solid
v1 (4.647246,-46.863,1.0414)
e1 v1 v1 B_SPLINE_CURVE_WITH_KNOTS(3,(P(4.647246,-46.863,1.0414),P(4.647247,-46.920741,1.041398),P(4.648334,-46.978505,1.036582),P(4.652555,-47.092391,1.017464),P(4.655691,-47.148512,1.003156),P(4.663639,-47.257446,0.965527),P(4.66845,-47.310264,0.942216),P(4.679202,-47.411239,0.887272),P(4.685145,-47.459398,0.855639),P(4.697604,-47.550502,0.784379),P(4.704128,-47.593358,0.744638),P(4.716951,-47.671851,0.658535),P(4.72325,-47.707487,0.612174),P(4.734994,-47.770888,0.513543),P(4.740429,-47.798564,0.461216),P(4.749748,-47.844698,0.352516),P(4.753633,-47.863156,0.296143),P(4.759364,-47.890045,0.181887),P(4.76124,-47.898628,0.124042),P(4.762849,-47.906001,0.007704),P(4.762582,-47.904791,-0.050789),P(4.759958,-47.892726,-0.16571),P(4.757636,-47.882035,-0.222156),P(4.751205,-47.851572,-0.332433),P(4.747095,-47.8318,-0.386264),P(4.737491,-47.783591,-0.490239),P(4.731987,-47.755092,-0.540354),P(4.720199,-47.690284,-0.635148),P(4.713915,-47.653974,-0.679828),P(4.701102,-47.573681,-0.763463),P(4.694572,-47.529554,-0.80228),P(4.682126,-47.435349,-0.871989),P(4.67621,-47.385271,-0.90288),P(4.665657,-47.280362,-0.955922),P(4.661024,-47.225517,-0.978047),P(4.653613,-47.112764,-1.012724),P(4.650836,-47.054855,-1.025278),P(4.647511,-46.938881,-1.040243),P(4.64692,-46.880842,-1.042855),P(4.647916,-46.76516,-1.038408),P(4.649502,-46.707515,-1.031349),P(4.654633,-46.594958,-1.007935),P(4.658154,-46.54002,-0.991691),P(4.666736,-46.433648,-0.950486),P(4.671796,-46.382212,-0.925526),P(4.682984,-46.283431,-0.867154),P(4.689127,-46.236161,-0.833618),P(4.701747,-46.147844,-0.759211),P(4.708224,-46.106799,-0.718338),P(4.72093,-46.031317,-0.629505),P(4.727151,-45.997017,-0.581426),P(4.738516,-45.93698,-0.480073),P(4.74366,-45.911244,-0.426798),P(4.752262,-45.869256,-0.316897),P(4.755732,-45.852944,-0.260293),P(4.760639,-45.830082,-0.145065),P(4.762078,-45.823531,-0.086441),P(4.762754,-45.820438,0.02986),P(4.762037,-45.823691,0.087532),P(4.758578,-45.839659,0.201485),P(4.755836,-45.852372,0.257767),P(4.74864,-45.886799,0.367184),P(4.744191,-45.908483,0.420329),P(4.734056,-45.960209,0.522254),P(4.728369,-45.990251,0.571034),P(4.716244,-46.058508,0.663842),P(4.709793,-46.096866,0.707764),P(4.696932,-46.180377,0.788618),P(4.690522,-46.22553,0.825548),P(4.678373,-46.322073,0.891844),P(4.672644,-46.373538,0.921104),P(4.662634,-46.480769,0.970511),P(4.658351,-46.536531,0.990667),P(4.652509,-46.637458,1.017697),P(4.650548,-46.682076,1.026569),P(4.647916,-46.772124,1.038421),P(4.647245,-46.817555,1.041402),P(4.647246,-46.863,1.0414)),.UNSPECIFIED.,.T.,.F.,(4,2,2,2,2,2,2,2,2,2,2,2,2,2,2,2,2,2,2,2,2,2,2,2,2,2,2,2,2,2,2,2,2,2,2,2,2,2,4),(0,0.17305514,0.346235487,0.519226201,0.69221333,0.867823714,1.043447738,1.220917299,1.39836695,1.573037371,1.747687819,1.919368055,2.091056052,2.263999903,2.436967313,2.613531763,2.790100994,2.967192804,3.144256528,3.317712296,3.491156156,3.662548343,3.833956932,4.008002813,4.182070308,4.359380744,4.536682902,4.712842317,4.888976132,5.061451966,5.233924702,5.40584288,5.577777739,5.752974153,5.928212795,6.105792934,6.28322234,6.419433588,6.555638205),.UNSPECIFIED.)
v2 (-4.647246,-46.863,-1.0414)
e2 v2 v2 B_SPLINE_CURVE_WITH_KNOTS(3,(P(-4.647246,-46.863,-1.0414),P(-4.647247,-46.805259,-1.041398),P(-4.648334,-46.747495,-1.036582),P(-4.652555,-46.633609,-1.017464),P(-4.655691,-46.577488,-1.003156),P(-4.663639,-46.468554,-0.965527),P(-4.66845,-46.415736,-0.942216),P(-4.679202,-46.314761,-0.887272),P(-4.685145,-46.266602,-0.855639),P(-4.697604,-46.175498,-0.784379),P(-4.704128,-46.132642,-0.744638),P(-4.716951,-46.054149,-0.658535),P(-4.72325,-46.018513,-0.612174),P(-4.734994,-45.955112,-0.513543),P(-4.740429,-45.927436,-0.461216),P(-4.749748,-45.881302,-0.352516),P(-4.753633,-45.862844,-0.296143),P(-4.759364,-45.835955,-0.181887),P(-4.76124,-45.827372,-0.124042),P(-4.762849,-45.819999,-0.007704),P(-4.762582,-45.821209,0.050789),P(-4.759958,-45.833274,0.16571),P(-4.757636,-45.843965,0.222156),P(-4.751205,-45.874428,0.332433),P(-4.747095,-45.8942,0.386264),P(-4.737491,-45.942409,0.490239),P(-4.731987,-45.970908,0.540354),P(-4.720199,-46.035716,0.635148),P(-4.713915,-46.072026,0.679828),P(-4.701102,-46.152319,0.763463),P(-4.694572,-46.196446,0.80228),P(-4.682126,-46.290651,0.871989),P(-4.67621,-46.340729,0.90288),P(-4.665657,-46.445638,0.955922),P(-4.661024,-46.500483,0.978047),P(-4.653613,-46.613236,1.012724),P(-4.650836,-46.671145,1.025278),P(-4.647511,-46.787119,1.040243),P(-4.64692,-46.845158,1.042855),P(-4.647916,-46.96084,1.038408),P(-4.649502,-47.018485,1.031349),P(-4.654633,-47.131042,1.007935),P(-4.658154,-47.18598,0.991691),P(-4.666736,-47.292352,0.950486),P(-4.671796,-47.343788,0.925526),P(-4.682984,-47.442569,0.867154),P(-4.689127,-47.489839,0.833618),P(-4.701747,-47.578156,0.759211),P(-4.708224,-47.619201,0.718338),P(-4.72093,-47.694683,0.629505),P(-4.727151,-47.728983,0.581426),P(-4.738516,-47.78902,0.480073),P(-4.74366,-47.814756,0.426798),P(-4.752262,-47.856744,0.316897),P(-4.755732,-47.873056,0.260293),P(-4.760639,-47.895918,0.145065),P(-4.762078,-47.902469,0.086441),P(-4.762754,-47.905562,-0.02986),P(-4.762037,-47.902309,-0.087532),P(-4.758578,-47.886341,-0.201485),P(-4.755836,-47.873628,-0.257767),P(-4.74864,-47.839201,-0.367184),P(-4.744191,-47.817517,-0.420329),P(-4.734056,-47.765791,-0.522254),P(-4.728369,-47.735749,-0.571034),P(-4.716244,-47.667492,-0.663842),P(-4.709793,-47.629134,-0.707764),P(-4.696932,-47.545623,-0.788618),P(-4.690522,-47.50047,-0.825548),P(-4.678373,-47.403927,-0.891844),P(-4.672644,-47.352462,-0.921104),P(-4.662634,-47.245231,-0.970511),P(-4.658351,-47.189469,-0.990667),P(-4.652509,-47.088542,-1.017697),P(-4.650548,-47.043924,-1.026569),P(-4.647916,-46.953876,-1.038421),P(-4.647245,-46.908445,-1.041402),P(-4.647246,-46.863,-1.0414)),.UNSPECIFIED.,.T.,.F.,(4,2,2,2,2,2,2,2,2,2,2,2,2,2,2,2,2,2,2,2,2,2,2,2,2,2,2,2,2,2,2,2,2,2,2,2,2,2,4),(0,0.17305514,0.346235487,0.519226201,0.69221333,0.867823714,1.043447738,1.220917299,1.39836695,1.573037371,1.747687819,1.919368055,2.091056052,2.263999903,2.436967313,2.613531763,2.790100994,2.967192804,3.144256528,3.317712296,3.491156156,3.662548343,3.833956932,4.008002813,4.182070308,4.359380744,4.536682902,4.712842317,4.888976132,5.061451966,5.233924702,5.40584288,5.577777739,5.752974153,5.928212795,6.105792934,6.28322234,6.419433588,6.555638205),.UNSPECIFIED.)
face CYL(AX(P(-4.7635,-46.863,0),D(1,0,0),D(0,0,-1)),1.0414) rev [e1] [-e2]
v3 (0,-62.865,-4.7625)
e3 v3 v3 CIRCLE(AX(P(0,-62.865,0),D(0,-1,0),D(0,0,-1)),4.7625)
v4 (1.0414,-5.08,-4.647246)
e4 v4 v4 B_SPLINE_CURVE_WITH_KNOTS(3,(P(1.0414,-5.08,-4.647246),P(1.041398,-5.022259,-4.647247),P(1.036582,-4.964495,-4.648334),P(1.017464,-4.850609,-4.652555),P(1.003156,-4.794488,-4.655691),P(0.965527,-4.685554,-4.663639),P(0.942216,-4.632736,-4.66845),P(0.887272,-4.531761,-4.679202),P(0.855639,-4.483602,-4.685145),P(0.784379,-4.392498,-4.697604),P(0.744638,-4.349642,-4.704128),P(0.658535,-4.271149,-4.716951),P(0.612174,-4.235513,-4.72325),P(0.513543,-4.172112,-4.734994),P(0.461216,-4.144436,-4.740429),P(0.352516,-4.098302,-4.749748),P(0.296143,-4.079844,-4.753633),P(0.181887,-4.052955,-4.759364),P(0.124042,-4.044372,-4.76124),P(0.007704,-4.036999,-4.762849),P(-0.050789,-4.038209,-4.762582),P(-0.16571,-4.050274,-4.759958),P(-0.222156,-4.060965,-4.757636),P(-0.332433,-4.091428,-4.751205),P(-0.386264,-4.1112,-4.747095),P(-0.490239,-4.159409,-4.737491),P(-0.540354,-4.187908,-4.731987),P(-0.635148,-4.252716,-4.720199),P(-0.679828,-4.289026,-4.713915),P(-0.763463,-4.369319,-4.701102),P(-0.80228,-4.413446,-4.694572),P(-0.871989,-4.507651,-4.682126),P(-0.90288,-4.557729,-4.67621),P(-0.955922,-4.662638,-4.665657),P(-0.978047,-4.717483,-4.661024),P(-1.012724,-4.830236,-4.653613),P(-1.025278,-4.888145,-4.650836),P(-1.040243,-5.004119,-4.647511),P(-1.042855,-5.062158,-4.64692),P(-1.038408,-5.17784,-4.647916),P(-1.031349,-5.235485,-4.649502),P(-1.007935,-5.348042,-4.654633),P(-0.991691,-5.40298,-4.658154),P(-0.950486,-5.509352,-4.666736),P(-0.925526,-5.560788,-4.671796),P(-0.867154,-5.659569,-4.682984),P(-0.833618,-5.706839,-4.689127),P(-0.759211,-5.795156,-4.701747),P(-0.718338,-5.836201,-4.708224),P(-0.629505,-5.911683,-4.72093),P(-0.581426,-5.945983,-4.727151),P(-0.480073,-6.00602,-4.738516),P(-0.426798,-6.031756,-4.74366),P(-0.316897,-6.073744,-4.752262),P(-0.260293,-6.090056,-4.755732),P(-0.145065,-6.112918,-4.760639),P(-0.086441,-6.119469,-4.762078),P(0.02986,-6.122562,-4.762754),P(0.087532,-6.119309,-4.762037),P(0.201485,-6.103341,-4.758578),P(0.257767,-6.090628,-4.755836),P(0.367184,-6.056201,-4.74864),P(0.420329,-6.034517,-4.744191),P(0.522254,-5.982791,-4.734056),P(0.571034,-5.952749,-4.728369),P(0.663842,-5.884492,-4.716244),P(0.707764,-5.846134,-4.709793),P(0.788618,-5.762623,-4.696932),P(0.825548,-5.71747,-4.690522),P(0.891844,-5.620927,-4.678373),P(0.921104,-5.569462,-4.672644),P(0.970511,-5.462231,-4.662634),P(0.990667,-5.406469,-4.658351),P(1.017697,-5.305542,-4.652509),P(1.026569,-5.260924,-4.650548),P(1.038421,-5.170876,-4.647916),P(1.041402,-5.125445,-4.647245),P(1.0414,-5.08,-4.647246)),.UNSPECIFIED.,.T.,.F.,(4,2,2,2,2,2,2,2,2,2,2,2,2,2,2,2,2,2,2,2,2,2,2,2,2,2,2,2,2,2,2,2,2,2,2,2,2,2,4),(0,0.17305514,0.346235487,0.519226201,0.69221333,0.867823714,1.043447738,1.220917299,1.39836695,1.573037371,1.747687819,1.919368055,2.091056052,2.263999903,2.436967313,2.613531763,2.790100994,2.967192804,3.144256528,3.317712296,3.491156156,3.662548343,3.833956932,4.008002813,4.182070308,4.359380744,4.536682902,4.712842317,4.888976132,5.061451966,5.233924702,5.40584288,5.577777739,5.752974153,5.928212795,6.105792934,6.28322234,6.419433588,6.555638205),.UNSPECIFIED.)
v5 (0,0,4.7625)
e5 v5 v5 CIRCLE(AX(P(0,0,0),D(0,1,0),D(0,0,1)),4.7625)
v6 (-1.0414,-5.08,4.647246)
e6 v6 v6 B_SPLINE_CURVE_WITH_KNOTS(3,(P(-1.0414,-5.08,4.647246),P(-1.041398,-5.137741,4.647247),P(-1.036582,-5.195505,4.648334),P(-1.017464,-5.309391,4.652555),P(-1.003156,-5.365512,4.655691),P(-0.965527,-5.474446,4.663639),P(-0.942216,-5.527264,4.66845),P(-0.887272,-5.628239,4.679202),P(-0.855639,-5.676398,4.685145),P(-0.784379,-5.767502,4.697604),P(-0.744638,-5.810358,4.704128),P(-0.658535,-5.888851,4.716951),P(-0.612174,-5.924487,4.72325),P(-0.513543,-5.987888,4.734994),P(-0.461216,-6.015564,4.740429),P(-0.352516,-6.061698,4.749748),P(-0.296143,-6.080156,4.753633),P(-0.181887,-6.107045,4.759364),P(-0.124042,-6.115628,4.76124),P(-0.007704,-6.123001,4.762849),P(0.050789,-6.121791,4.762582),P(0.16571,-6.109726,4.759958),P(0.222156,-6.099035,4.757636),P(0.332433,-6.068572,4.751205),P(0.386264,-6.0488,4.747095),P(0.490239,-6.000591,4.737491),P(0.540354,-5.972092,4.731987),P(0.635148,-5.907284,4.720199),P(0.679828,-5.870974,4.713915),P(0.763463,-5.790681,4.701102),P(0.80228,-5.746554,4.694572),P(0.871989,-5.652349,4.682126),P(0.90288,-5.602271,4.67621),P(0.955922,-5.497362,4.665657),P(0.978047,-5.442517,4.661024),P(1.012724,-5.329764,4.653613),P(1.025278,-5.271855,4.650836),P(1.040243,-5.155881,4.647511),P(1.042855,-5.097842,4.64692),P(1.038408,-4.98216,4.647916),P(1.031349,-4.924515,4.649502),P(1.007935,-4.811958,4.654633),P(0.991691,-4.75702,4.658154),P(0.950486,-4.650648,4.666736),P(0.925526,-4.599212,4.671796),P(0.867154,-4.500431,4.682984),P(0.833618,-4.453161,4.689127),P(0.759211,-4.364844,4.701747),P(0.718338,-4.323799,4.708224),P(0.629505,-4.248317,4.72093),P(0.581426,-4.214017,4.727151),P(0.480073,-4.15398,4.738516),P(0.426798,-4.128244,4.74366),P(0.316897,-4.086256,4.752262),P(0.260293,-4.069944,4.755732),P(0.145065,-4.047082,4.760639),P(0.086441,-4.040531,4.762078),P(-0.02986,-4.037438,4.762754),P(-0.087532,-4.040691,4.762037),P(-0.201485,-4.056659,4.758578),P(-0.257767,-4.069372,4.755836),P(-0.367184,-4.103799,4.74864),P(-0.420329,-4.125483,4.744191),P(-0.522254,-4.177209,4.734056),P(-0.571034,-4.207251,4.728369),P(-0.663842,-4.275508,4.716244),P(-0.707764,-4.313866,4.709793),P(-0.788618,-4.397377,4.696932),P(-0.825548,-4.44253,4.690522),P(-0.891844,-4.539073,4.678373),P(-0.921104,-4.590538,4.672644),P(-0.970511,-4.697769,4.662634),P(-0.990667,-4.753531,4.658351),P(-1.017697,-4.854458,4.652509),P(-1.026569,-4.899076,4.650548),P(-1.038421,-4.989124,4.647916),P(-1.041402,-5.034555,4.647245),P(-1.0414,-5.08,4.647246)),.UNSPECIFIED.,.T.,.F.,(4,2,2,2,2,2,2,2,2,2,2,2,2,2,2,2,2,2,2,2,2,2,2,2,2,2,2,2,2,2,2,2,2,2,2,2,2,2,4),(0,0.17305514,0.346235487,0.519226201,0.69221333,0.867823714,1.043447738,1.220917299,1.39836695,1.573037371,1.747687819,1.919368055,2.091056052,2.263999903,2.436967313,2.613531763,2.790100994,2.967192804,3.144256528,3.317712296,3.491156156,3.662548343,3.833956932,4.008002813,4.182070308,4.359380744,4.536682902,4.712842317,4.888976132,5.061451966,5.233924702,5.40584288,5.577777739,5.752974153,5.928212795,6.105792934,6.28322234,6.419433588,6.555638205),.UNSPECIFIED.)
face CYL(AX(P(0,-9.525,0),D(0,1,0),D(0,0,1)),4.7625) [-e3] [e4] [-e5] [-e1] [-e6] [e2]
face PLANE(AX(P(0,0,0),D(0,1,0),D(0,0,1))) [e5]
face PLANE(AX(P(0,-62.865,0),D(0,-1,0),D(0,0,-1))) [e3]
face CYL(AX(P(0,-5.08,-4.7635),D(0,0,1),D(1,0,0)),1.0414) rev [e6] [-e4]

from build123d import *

# Parameters (mm, degrees)
SKETCH1_R                           = 4.7625
BOSS_EXTRUDE1_DEPTH                 = 9.525
SKETCH2_R                           = 4.7625
BOSS_EXTRUDE2_DEPTH                 = 53.34
CUT_EXTRUDE1_REACH                  = 65.225
CUT_EXTRUDE1_END_RADIUS             = 4.7625
SKETCH3_R                           = 1.0414
CUT_EXTRUDE1_DIRECTION_2_REACH      = 65.225
CUT_EXTRUDE1_DIRECTION_2_END_RADIUS = 4.7625
CUT_EXTRUDE2_REACH                  = 65.225
CUT_EXTRUDE2_END_RADIUS             = 4.7625
SKETCH4_R                           = 1.0414
CUT_EXTRUDE2_DIRECTION_2_REACH      = 65.225
CUT_EXTRUDE2_DIRECTION_2_END_RADIUS = 4.7625


with BuildPart() as part:
    # Sketch1 → Boss-Extrude1 (new body)
    with BuildSketch(Plane(origin=(0, 0, 0), x_dir=(1, 0, 0), z_dir=(0, 1, 0))):
        with Locations(Location((0, 0, 0), (0, 0, 270))):
            Circle(SKETCH1_R)
    extrude(amount=-BOSS_EXTRUDE1_DEPTH)

    # Sketch2 → Boss-Extrude2 (add)
    with BuildSketch(Plane(origin=(0, -9.525, 0), x_dir=(-1, 0, 0), z_dir=(0, -1, 0))):
        with Locations(Location((0, 0, 0), (0, 0, 270))):
            Circle(SKETCH2_R)
    extrude(amount=BOSS_EXTRUDE2_DEPTH)

    # Cut-Extrude1: up to this cylinder (the profile starts inside it)
    cut_extrude1_end = Plane(origin=(0, -5.08, 0), z_dir=(0, 1, 0)) * Cylinder(CUT_EXTRUDE1_END_RADIUS, 140.975, mode=Mode.PRIVATE)
    # Sketch3 → Cut-Extrude1 (cut, up to the surface)
    with BuildSketch(Plane.XY, mode=Mode.PRIVATE) as cut_extrude1_sk1:
        with Locations((0, -5.08)):
            Circle(SKETCH3_R)
    cut_extrude1_tool1 = extrude(cut_extrude1_sk1.sketch, amount=-CUT_EXTRUDE1_REACH, mode=Mode.PRIVATE) & cut_extrude1_end
    add(cut_extrude1_tool1.solids().sort_by_distance((0, -5.08, 0))[0], mode=Mode.SUBTRACT)

    # Cut-Extrude1 direction 2: up to this cylinder (the profile starts inside it)
    cut_extrude1_direction_2_end = Plane(origin=(0, -5.08, 0), z_dir=(0, 1, 0)) * Cylinder(CUT_EXTRUDE1_DIRECTION_2_END_RADIUS, 140.975, mode=Mode.PRIVATE)
    # Sketch3 → Cut-Extrude1 direction 2 (cut, up to the surface)
    with BuildSketch(Plane.XY, mode=Mode.PRIVATE) as cut_extrude1_direction_2_sk1:
        with Locations((0, -5.08)):
            Circle(SKETCH3_R)
    cut_extrude1_direction_2_tool1 = extrude(cut_extrude1_direction_2_sk1.sketch, amount=CUT_EXTRUDE1_DIRECTION_2_REACH, mode=Mode.PRIVATE) & cut_extrude1_direction_2_end
    add(cut_extrude1_direction_2_tool1.solids().sort_by_distance((0, -5.08, 0))[0], mode=Mode.SUBTRACT)

    # Cut-Extrude2: up to this cylinder (the profile starts inside it)
    cut_extrude2_end = Plane(origin=(0, -46.863, 0), z_dir=(0, 1, 0)) * Cylinder(CUT_EXTRUDE2_END_RADIUS, 140.975, mode=Mode.PRIVATE)
    # Sketch4 → Cut-Extrude2 (cut, up to the surface)
    with BuildSketch(Plane(origin=(0, 0, 0), x_dir=(0, 0, -1), z_dir=(1, 0, 0)), mode=Mode.PRIVATE) as cut_extrude2_sk1:
        with Locations((0, -46.863)):
            Circle(SKETCH4_R)
    cut_extrude2_tool1 = extrude(cut_extrude2_sk1.sketch, amount=-CUT_EXTRUDE2_REACH, mode=Mode.PRIVATE) & cut_extrude2_end
    add(cut_extrude2_tool1.solids().sort_by_distance((0, -46.863, 0))[0], mode=Mode.SUBTRACT)

    # Cut-Extrude2 direction 2: up to this cylinder (the profile starts inside it)
    cut_extrude2_direction_2_end = Plane(origin=(0, -46.863, 0), z_dir=(0, 1, 0)) * Cylinder(CUT_EXTRUDE2_DIRECTION_2_END_RADIUS, 140.975, mode=Mode.PRIVATE)
    # Sketch4 → Cut-Extrude2 direction 2 (cut, up to the surface)
    with BuildSketch(Plane(origin=(0, 0, 0), x_dir=(0, 0, -1), z_dir=(1, 0, 0)), mode=Mode.PRIVATE) as cut_extrude2_direction_2_sk1:
        with Locations((0, -46.863)):
            Circle(SKETCH4_R)
    cut_extrude2_direction_2_tool1 = extrude(cut_extrude2_direction_2_sk1.sketch, amount=CUT_EXTRUDE2_DIRECTION_2_REACH, mode=Mode.PRIVATE) & cut_extrude2_direction_2_end
    add(cut_extrude2_direction_2_tool1.solids().sort_by_distance((0, -46.863, 0))[0], mode=Mode.SUBTRACT)


solid = part.part
